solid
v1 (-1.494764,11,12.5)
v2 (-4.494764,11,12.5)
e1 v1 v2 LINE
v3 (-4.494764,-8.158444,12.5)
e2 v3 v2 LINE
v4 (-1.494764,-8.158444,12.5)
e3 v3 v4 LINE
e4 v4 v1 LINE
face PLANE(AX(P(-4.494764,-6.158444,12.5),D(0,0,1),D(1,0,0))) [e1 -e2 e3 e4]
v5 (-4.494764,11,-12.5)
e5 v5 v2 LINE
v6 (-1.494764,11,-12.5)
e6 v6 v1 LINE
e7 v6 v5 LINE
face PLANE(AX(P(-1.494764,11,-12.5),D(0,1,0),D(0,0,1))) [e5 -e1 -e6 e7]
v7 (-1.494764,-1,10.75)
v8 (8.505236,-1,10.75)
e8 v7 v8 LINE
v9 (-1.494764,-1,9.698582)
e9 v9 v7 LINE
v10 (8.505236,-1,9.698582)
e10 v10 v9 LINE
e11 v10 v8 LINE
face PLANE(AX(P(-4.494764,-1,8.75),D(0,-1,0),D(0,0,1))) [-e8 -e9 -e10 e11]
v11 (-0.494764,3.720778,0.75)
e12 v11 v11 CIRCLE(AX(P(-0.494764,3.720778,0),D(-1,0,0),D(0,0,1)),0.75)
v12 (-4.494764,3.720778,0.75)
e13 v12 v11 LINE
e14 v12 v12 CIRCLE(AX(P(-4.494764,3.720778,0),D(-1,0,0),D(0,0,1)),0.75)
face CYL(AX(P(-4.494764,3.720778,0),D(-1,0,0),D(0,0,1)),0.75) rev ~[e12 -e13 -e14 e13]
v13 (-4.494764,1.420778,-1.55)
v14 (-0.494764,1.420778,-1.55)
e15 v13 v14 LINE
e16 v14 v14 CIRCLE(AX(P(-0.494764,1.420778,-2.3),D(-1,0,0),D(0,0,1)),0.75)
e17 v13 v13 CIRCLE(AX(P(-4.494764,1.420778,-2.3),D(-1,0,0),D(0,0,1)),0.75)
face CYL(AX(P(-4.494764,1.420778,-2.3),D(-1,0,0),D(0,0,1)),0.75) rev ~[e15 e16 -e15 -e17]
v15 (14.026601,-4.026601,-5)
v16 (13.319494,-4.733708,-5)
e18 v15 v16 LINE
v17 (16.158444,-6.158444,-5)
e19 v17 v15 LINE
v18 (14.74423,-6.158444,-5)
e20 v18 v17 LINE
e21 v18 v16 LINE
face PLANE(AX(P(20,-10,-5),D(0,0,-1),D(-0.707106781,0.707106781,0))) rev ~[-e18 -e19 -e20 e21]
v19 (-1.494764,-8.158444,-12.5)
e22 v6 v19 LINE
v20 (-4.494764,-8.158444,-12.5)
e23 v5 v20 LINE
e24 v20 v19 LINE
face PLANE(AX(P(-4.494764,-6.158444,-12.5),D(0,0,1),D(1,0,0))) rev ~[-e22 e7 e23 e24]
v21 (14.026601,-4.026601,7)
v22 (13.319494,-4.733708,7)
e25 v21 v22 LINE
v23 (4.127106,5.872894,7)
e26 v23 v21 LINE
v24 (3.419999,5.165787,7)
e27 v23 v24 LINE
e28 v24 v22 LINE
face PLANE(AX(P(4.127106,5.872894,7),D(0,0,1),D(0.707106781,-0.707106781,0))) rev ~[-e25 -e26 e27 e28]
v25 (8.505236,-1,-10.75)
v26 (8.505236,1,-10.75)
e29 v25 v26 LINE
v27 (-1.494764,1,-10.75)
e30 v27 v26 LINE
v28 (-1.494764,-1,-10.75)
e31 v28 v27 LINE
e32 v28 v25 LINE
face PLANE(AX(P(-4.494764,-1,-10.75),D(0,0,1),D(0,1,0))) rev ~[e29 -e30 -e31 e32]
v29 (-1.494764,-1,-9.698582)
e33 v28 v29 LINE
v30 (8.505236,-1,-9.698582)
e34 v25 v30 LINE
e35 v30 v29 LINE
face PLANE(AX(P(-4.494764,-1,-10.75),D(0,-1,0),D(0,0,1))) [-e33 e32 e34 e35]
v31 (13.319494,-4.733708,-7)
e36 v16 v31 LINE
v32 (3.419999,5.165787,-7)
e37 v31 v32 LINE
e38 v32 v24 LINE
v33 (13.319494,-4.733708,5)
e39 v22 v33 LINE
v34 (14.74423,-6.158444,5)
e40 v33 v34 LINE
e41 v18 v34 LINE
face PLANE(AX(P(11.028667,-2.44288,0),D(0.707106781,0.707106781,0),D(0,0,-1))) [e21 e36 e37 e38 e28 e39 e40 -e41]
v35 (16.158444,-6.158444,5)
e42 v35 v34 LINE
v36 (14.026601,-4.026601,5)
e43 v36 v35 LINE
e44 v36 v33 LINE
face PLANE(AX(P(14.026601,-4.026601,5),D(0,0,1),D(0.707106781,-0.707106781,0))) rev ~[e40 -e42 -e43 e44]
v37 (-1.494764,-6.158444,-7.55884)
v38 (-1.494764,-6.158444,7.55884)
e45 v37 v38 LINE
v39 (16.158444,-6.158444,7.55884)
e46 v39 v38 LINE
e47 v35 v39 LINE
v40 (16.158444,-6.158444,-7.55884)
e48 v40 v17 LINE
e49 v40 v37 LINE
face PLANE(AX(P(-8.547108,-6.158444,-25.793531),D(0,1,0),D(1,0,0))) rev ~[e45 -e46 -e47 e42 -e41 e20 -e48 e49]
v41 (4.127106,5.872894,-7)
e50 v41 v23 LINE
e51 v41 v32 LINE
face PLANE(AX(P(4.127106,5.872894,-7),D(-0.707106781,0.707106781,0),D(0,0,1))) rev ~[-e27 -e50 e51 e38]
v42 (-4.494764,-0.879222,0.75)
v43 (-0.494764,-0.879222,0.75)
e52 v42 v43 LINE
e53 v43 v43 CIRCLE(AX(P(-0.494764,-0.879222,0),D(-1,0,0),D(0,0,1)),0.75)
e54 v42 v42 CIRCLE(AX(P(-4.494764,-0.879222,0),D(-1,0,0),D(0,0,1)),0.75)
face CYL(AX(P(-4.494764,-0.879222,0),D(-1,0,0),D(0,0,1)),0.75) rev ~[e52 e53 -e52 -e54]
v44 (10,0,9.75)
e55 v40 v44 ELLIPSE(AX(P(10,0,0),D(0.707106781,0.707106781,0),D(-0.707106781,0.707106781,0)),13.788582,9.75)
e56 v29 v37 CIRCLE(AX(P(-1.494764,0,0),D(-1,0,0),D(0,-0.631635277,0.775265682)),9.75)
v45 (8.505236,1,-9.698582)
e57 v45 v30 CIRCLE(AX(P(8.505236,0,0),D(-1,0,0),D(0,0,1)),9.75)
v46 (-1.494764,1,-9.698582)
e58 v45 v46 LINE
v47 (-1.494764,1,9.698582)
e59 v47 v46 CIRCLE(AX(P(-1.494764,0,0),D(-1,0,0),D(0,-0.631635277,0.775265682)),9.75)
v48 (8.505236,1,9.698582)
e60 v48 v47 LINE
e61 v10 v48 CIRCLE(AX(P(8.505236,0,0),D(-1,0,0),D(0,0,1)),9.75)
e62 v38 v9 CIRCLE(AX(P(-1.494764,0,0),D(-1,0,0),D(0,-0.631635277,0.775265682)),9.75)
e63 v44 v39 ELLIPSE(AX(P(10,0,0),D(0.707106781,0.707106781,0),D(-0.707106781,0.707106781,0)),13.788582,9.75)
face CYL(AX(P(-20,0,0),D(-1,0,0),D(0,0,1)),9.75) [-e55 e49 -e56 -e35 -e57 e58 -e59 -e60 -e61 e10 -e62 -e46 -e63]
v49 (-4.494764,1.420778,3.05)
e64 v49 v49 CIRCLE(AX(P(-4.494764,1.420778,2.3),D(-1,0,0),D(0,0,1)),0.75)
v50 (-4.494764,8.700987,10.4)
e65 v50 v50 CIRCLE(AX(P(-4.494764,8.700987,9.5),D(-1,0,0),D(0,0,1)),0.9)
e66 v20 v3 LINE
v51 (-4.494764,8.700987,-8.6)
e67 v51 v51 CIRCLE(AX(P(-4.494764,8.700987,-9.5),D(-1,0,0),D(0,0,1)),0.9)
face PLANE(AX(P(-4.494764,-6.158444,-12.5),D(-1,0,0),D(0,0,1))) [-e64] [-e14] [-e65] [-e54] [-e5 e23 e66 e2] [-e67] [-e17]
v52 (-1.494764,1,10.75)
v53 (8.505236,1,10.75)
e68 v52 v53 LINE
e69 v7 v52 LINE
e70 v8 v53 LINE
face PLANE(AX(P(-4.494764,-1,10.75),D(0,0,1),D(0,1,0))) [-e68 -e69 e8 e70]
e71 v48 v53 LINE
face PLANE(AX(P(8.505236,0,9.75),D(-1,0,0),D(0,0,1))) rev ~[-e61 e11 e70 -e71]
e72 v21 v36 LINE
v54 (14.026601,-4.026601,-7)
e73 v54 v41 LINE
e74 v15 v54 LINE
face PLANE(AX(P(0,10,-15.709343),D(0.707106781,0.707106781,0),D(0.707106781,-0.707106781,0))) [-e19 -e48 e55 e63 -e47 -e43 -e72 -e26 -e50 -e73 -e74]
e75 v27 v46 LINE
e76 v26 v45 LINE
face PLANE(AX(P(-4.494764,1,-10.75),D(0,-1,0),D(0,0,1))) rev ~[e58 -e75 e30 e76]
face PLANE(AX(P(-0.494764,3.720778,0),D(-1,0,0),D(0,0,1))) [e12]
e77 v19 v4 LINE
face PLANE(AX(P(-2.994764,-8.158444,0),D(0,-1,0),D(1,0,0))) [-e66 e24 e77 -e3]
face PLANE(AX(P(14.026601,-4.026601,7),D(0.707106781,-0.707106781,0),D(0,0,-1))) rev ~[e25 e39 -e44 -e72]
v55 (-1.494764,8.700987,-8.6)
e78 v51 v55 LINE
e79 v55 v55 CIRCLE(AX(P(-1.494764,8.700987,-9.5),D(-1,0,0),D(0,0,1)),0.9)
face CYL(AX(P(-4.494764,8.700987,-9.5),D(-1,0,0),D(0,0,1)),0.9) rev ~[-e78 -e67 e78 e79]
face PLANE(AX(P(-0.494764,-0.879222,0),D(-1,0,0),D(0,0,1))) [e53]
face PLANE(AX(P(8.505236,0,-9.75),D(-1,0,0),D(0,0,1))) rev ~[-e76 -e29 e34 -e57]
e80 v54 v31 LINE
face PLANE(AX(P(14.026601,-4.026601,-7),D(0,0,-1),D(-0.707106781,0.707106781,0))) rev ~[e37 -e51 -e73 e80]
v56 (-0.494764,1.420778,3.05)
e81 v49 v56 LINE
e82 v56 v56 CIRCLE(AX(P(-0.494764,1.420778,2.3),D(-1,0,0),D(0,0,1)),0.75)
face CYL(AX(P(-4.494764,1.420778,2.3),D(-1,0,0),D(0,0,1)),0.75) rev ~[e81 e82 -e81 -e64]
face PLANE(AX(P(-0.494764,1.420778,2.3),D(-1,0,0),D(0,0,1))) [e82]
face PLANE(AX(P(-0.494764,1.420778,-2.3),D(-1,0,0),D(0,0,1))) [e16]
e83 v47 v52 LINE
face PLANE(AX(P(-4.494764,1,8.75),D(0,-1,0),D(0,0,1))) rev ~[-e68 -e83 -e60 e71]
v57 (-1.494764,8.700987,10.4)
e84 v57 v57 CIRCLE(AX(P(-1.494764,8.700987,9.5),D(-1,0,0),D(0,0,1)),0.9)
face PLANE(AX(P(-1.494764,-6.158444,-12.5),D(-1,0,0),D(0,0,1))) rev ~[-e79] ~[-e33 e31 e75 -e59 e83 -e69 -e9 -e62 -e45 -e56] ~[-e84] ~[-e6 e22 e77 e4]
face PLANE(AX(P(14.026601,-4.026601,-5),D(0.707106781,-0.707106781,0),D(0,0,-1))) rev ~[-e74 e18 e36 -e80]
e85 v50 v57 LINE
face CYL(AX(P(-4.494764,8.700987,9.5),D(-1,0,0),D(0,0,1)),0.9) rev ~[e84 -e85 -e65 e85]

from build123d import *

# Parameters (mm, degrees)
SKETCH_1_W               = 31.418685122
SKETCH_1_H               = 20
EXTRUDE_1_DEPTH          = 20
CUT_EXTRUDE_1_DEPTH      = 40
SKETCH_5_OUTSIDE_W       = 44.348
SKETCH_5_OUTSIDE_H       = 32.93
SKETCH_5_OUTSIDE_R       = 9.75
CUT_EXTRUDE_2_DEPTH      = 45.122368972
CUT_EXTRUDE_3_DEPTH      = 1
SKETCH_6_R               = 9.75
CUT_EXTRUDE_4_DEPTH      = 18.50523648
SKETCH_7_W               = 25
SKETCH_7_H               = 22
EXTRUDE_2_DEPTH          = 3
CUT_EXTRUDE_5_DEPTH      = 25.793531221
CUT_EXTRUDE_5_DEPTH_BACK = 25.793531221
SKETCH_8_W               = 31.739015686
SKETCH_8_H               = 6.741185812
SKETCH_9_W               = 2
SKETCH_9_H               = 2
EXTRUDE_3_DEPTH          = 13
SKETCH_10_W              = 3
SKETCH_10_H              = 25
EXTRUDE_4_DEPTH          = 2
SKETCH_11_R              = 0.75
CUT_EXTRUDE_6_DEPTH      = 4
SKETCH_13_R              = 0.9
CUT_EXTRUDE_7_DEPTH      = 27.529322999


with BuildPart() as part:
    # 草图1 → 凸台-拉伸1 (new, symmetric)
    with BuildSketch(Plane(origin=(0, 0, 0), x_dir=(0, 0, -1), z_dir=(1, 0, 0))):
        Rectangle(SKETCH_1_W, SKETCH_1_H)
    extrude(amount=EXTRUDE_1_DEPTH, both=True)

    # 草图2 → 切除-拉伸1 (cut)
    with BuildSketch(Plane(origin=(0, 0, -15.709342561), x_dir=(-1, 0, 0), z_dir=(0, 0, -1))):
        Polygon((-20, 10), (0, 10), (-20, -10), align=None)
    extrude(amount=-CUT_EXTRUDE_1_DEPTH, mode=Mode.SUBTRACT)

    # 草图5 outside → 切除-拉伸2 (cut, through all)
    with BuildSketch(Plane.ZY.offset(20)):
        Rectangle(SKETCH_5_OUTSIDE_W, SKETCH_5_OUTSIDE_H)
        Circle(SKETCH_5_OUTSIDE_R, mode=Mode.SUBTRACT)
    extrude(amount=-CUT_EXTRUDE_2_DEPTH, mode=Mode.SUBTRACT)

    # 草图3 → 切除-拉伸3 (cut)
    with BuildSketch(Plane(origin=(5, 5, 0), x_dir=(0, 0, -1), z_dir=(0.7071067811865477, 0.7071067811865475, 0))):
        Polygon((-7, -12.765541439), (-5, -12.765541439), (-5, -21.213203436), (5, -21.213203436), (5, -12.765541439), (7, -12.765541439), (7, 1.234458561), (-7, 1.234458561), align=None)
    extrude(amount=-CUT_EXTRUDE_3_DEPTH, mode=Mode.SUBTRACT)

    # 草图6 → 切除-拉伸4 (cut)
    with BuildSketch(Plane.ZY.offset(20)):
        Circle(SKETCH_6_R)
    extrude(amount=-CUT_EXTRUDE_4_DEPTH, mode=Mode.SUBTRACT)

    # 草图7 → 凸台-拉伸2 (add)
    with BuildSketch(Plane.ZY.offset(1.49476352)):
        Rectangle(SKETCH_7_W, SKETCH_7_H)
    extrude(amount=EXTRUDE_2_DEPTH)

    # 草图8 → 切除-拉伸5 (cut, two sides: drawn at the far end of the back side and taken through both)
    with BuildSketch(Plane.XY.offset(-CUT_EXTRUDE_5_DEPTH_BACK)):
        with Locations((7.322399495, -9.529036855)):
            Rectangle(SKETCH_8_W, SKETCH_8_H)
    extrude(amount=CUT_EXTRUDE_5_DEPTH + CUT_EXTRUDE_5_DEPTH_BACK, mode=Mode.SUBTRACT)

    # 草图9 → 凸台-拉伸3 (add)
    with BuildSketch(Plane.ZY.offset(4.49476352)):
        with Locations((-9.75, 0)):
            Rectangle(SKETCH_9_W, SKETCH_9_H)
        with Locations((9.75, 0)):
            Rectangle(SKETCH_9_W, SKETCH_9_H)
    extrude(amount=-EXTRUDE_3_DEPTH)

    # 草图10 → 凸台-拉伸4 (add)
    with BuildSketch(Plane.XZ.offset(6.158443949)):
        with Locations((-2.99476352, 0)):
            Rectangle(SKETCH_10_W, SKETCH_10_H)
    extrude(amount=EXTRUDE_4_DEPTH)

    # 草图11 → 切除-拉伸6 (cut)
    with BuildSketch(Plane.ZY.offset(4.49476352)):
        with Locations((0, 3.720778025)):
            Circle(SKETCH_11_R)
        with Locations((2.3, 1.420778025)):
            Circle(SKETCH_11_R)
        with Locations((0, -0.879221975)):
            Circle(SKETCH_11_R)
        with Locations((-2.3, 1.420778025)):
            Circle(SKETCH_11_R)
    extrude(amount=-CUT_EXTRUDE_6_DEPTH, mode=Mode.SUBTRACT)

    # 草图13 → 切除-拉伸7 (cut, through all)
    with BuildSketch(Plane.ZY.offset(4.49476352)):
        with Locations((-9.5, 8.700986726)):
            Circle(SKETCH_13_R)
        with Locations((9.5, 8.700986726)):
            Circle(SKETCH_13_R)
    extrude(amount=-CUT_EXTRUDE_7_DEPTH, mode=Mode.SUBTRACT)


solid = part.part
